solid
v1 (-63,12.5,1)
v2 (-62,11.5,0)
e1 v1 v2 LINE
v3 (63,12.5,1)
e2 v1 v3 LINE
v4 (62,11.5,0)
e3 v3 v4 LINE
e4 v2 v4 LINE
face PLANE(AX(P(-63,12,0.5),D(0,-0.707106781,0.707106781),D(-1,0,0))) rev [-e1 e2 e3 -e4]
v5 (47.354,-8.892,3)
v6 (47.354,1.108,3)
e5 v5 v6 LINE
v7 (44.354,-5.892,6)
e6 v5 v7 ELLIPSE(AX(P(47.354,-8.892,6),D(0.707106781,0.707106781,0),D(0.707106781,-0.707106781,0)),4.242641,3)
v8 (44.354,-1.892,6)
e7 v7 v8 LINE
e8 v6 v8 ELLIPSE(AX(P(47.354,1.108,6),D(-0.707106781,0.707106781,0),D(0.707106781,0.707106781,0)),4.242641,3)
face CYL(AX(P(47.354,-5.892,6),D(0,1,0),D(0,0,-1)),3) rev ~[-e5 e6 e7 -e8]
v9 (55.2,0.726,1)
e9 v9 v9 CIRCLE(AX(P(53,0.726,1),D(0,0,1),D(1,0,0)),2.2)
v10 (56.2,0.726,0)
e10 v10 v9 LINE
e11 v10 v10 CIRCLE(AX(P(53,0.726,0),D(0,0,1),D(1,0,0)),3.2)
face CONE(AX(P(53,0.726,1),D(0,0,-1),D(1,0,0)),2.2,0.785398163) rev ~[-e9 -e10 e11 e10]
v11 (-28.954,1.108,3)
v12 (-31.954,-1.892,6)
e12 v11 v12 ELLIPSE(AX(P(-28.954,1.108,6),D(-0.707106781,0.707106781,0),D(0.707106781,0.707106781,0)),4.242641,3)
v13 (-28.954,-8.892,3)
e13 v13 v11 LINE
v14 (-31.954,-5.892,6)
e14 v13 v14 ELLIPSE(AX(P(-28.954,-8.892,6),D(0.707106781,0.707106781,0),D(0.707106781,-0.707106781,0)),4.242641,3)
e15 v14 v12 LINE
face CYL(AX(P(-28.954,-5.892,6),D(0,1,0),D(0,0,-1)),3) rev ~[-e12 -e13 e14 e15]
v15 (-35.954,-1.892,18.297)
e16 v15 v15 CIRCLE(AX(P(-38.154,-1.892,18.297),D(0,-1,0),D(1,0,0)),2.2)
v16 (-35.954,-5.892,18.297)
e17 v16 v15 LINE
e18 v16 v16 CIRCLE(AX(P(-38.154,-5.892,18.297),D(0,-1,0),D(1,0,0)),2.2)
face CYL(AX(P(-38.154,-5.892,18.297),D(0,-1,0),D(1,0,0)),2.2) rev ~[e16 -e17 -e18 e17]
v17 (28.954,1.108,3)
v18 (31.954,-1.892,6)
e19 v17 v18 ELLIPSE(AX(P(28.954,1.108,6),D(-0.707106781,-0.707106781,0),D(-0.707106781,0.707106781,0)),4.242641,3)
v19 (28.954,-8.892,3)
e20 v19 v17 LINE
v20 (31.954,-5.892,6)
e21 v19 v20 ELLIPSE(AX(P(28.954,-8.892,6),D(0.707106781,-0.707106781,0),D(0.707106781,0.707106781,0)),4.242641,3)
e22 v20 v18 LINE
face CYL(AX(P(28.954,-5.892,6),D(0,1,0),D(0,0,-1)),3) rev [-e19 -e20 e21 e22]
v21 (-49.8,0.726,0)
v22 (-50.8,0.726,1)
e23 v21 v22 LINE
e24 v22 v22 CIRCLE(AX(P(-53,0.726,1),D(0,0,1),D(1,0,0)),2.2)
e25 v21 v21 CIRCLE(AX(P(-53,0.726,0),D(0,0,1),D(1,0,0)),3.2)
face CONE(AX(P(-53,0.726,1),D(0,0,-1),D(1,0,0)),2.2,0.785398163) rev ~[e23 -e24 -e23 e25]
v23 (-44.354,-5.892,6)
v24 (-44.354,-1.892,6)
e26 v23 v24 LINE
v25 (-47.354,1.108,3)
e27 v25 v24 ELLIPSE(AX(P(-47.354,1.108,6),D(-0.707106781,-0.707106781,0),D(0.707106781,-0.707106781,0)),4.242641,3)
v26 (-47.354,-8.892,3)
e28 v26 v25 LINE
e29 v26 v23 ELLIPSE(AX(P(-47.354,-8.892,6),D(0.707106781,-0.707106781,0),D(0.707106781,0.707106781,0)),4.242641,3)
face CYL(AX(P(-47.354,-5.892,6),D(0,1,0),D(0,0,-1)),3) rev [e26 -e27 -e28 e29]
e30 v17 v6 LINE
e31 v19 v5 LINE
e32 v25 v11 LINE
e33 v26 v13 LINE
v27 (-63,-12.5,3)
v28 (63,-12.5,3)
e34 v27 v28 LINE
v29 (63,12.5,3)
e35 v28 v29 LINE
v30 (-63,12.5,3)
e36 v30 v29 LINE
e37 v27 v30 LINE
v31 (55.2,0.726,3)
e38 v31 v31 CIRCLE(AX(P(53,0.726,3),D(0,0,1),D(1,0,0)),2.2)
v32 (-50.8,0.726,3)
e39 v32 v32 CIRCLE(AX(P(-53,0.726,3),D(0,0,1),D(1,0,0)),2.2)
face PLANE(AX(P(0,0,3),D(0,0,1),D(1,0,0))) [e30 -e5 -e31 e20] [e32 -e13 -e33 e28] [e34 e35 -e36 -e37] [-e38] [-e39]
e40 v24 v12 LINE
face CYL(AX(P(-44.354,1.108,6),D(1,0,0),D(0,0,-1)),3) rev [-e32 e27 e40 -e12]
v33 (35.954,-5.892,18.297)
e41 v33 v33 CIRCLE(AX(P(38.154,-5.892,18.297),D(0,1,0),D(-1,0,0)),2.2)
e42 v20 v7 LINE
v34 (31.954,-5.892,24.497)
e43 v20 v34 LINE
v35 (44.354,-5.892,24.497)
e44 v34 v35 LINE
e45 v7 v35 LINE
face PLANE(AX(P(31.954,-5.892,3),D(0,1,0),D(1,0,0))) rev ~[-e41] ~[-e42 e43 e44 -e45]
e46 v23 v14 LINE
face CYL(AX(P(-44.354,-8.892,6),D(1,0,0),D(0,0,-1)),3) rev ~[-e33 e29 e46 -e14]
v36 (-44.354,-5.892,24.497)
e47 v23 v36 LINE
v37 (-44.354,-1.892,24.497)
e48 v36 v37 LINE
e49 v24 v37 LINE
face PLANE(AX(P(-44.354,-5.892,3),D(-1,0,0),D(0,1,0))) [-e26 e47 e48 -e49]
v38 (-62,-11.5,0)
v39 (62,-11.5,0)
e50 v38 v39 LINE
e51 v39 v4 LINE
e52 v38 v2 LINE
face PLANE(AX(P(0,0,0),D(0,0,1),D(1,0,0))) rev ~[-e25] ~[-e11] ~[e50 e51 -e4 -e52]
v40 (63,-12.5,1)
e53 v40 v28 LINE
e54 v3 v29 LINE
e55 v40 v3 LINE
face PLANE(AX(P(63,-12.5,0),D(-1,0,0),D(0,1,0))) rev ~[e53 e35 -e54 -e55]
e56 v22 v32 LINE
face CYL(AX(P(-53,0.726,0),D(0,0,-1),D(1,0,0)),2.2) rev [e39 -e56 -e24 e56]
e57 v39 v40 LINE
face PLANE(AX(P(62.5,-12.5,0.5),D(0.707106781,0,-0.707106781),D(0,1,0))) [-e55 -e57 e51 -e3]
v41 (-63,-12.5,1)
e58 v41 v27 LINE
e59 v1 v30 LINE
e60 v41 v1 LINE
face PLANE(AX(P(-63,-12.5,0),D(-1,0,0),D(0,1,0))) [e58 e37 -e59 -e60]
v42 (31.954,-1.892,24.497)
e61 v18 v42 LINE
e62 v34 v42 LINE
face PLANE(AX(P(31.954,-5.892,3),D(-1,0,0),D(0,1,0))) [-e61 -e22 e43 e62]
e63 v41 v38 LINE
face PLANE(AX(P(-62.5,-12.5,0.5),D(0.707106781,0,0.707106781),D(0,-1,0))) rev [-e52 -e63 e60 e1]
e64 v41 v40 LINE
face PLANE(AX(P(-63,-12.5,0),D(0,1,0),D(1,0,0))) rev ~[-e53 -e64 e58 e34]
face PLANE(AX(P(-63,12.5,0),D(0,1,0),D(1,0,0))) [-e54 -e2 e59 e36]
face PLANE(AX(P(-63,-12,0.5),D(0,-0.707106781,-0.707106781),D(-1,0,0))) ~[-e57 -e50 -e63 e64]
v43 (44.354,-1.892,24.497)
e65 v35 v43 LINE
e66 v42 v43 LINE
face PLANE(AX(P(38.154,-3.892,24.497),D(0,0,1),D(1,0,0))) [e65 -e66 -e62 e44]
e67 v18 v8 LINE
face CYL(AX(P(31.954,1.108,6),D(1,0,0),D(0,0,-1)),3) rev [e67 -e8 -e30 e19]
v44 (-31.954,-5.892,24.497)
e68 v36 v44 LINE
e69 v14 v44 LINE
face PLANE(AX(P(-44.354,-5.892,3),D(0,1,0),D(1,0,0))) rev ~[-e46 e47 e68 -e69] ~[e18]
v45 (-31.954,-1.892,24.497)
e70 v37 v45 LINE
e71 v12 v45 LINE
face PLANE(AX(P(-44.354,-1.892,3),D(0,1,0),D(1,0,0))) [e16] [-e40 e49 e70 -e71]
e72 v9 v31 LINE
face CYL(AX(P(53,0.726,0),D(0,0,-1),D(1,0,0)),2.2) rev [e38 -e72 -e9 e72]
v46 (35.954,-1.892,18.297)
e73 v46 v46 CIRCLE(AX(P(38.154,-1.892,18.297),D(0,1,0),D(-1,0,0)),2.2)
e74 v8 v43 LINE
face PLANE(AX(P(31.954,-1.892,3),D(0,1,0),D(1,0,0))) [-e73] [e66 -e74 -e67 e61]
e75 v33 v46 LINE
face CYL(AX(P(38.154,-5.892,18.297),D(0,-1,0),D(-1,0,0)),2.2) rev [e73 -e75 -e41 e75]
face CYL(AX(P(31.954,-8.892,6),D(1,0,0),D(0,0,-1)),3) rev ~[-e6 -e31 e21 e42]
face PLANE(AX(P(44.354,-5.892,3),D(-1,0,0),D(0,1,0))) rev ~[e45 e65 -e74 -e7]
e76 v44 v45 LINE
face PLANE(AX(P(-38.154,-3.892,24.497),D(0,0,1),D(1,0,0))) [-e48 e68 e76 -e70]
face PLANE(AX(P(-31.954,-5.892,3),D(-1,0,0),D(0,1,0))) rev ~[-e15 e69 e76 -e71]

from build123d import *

# Parameters (mm, degrees)
SKETCH_W     = 126
SKETCH_H     = 25
SKETCH_R     = 2.2
PAD_DEPTH    = 3
SKETCH001_W  = 12.4
SKETCH001_H  = 4
PAD001_DEPTH = 21.497
SKETCH002_R  = 2.2
POCKET_DEPTH = 4
CHAMFER_SIZE = 1
FILLET_R     = 3


with BuildPart() as part:
    # Sketch → Pad (new body)
    with BuildSketch(Plane.XY):
        Rectangle(SKETCH_W, SKETCH_H)
        with Locations((-53, 0.726)):
            Circle(SKETCH_R, mode=Mode.SUBTRACT)
        with Locations((53, 0.726)):
            Circle(SKETCH_R, mode=Mode.SUBTRACT)
    extrude(amount=PAD_DEPTH)

    # Sketch001 → Pad001 (new body)
    with BuildSketch(Plane.XY.offset(3)):
        with Locations((-38.154, -3.892)):
            Rectangle(SKETCH001_W, SKETCH001_H)
        with Locations((38.154, -3.892)):
            Rectangle(SKETCH001_W, SKETCH001_H)
    extrude(amount=PAD001_DEPTH)

    # Sketch002 → Pocket (cut)
    with BuildSketch(Plane.XZ.offset(5.892)):
        with Locations((-38.154, 18.297)):
            Circle(SKETCH002_R)
    pocket = extrude(amount=-POCKET_DEPTH, mode=Mode.SUBTRACT)

    # Mirrored: Pocket across Sketch002 V_Axis
    add(pocket.mirror(Plane(origin=(0, -5.892, 0), x_dir=(0, -1, 0), z_dir=(1, 0, 0))), mode=Mode.SUBTRACT)

    # Chamfer
    chamfer_edges = [part.edges().sort_by_distance(p)[0] for p in [
        (0, 12.5, 0),
        (63, 0, 0),
        (0, -12.5, 0),
        (-63, 0, 0),
        (50.8, 0.726, 0),
        (-55.2, 0.726, 0),
    ]]
    chamfer(chamfer_edges, length=CHAMFER_SIZE)

    # Fillet
    fillet_edges = [part.edges().sort_by_distance(p)[0] for p in [
        (38.154, -5.892, 3),
        (31.954, -3.892, 3),
        (38.154, -1.892, 3),
        (44.354, -3.892, 3),
        (-38.154, -5.892, 3),
        (-31.954, -3.892, 3),
        (-38.154, -1.892, 3),
        (-44.354, -3.892, 3),
    ]]
    fillet(fillet_edges, radius=FILLET_R)


solid = part.part
